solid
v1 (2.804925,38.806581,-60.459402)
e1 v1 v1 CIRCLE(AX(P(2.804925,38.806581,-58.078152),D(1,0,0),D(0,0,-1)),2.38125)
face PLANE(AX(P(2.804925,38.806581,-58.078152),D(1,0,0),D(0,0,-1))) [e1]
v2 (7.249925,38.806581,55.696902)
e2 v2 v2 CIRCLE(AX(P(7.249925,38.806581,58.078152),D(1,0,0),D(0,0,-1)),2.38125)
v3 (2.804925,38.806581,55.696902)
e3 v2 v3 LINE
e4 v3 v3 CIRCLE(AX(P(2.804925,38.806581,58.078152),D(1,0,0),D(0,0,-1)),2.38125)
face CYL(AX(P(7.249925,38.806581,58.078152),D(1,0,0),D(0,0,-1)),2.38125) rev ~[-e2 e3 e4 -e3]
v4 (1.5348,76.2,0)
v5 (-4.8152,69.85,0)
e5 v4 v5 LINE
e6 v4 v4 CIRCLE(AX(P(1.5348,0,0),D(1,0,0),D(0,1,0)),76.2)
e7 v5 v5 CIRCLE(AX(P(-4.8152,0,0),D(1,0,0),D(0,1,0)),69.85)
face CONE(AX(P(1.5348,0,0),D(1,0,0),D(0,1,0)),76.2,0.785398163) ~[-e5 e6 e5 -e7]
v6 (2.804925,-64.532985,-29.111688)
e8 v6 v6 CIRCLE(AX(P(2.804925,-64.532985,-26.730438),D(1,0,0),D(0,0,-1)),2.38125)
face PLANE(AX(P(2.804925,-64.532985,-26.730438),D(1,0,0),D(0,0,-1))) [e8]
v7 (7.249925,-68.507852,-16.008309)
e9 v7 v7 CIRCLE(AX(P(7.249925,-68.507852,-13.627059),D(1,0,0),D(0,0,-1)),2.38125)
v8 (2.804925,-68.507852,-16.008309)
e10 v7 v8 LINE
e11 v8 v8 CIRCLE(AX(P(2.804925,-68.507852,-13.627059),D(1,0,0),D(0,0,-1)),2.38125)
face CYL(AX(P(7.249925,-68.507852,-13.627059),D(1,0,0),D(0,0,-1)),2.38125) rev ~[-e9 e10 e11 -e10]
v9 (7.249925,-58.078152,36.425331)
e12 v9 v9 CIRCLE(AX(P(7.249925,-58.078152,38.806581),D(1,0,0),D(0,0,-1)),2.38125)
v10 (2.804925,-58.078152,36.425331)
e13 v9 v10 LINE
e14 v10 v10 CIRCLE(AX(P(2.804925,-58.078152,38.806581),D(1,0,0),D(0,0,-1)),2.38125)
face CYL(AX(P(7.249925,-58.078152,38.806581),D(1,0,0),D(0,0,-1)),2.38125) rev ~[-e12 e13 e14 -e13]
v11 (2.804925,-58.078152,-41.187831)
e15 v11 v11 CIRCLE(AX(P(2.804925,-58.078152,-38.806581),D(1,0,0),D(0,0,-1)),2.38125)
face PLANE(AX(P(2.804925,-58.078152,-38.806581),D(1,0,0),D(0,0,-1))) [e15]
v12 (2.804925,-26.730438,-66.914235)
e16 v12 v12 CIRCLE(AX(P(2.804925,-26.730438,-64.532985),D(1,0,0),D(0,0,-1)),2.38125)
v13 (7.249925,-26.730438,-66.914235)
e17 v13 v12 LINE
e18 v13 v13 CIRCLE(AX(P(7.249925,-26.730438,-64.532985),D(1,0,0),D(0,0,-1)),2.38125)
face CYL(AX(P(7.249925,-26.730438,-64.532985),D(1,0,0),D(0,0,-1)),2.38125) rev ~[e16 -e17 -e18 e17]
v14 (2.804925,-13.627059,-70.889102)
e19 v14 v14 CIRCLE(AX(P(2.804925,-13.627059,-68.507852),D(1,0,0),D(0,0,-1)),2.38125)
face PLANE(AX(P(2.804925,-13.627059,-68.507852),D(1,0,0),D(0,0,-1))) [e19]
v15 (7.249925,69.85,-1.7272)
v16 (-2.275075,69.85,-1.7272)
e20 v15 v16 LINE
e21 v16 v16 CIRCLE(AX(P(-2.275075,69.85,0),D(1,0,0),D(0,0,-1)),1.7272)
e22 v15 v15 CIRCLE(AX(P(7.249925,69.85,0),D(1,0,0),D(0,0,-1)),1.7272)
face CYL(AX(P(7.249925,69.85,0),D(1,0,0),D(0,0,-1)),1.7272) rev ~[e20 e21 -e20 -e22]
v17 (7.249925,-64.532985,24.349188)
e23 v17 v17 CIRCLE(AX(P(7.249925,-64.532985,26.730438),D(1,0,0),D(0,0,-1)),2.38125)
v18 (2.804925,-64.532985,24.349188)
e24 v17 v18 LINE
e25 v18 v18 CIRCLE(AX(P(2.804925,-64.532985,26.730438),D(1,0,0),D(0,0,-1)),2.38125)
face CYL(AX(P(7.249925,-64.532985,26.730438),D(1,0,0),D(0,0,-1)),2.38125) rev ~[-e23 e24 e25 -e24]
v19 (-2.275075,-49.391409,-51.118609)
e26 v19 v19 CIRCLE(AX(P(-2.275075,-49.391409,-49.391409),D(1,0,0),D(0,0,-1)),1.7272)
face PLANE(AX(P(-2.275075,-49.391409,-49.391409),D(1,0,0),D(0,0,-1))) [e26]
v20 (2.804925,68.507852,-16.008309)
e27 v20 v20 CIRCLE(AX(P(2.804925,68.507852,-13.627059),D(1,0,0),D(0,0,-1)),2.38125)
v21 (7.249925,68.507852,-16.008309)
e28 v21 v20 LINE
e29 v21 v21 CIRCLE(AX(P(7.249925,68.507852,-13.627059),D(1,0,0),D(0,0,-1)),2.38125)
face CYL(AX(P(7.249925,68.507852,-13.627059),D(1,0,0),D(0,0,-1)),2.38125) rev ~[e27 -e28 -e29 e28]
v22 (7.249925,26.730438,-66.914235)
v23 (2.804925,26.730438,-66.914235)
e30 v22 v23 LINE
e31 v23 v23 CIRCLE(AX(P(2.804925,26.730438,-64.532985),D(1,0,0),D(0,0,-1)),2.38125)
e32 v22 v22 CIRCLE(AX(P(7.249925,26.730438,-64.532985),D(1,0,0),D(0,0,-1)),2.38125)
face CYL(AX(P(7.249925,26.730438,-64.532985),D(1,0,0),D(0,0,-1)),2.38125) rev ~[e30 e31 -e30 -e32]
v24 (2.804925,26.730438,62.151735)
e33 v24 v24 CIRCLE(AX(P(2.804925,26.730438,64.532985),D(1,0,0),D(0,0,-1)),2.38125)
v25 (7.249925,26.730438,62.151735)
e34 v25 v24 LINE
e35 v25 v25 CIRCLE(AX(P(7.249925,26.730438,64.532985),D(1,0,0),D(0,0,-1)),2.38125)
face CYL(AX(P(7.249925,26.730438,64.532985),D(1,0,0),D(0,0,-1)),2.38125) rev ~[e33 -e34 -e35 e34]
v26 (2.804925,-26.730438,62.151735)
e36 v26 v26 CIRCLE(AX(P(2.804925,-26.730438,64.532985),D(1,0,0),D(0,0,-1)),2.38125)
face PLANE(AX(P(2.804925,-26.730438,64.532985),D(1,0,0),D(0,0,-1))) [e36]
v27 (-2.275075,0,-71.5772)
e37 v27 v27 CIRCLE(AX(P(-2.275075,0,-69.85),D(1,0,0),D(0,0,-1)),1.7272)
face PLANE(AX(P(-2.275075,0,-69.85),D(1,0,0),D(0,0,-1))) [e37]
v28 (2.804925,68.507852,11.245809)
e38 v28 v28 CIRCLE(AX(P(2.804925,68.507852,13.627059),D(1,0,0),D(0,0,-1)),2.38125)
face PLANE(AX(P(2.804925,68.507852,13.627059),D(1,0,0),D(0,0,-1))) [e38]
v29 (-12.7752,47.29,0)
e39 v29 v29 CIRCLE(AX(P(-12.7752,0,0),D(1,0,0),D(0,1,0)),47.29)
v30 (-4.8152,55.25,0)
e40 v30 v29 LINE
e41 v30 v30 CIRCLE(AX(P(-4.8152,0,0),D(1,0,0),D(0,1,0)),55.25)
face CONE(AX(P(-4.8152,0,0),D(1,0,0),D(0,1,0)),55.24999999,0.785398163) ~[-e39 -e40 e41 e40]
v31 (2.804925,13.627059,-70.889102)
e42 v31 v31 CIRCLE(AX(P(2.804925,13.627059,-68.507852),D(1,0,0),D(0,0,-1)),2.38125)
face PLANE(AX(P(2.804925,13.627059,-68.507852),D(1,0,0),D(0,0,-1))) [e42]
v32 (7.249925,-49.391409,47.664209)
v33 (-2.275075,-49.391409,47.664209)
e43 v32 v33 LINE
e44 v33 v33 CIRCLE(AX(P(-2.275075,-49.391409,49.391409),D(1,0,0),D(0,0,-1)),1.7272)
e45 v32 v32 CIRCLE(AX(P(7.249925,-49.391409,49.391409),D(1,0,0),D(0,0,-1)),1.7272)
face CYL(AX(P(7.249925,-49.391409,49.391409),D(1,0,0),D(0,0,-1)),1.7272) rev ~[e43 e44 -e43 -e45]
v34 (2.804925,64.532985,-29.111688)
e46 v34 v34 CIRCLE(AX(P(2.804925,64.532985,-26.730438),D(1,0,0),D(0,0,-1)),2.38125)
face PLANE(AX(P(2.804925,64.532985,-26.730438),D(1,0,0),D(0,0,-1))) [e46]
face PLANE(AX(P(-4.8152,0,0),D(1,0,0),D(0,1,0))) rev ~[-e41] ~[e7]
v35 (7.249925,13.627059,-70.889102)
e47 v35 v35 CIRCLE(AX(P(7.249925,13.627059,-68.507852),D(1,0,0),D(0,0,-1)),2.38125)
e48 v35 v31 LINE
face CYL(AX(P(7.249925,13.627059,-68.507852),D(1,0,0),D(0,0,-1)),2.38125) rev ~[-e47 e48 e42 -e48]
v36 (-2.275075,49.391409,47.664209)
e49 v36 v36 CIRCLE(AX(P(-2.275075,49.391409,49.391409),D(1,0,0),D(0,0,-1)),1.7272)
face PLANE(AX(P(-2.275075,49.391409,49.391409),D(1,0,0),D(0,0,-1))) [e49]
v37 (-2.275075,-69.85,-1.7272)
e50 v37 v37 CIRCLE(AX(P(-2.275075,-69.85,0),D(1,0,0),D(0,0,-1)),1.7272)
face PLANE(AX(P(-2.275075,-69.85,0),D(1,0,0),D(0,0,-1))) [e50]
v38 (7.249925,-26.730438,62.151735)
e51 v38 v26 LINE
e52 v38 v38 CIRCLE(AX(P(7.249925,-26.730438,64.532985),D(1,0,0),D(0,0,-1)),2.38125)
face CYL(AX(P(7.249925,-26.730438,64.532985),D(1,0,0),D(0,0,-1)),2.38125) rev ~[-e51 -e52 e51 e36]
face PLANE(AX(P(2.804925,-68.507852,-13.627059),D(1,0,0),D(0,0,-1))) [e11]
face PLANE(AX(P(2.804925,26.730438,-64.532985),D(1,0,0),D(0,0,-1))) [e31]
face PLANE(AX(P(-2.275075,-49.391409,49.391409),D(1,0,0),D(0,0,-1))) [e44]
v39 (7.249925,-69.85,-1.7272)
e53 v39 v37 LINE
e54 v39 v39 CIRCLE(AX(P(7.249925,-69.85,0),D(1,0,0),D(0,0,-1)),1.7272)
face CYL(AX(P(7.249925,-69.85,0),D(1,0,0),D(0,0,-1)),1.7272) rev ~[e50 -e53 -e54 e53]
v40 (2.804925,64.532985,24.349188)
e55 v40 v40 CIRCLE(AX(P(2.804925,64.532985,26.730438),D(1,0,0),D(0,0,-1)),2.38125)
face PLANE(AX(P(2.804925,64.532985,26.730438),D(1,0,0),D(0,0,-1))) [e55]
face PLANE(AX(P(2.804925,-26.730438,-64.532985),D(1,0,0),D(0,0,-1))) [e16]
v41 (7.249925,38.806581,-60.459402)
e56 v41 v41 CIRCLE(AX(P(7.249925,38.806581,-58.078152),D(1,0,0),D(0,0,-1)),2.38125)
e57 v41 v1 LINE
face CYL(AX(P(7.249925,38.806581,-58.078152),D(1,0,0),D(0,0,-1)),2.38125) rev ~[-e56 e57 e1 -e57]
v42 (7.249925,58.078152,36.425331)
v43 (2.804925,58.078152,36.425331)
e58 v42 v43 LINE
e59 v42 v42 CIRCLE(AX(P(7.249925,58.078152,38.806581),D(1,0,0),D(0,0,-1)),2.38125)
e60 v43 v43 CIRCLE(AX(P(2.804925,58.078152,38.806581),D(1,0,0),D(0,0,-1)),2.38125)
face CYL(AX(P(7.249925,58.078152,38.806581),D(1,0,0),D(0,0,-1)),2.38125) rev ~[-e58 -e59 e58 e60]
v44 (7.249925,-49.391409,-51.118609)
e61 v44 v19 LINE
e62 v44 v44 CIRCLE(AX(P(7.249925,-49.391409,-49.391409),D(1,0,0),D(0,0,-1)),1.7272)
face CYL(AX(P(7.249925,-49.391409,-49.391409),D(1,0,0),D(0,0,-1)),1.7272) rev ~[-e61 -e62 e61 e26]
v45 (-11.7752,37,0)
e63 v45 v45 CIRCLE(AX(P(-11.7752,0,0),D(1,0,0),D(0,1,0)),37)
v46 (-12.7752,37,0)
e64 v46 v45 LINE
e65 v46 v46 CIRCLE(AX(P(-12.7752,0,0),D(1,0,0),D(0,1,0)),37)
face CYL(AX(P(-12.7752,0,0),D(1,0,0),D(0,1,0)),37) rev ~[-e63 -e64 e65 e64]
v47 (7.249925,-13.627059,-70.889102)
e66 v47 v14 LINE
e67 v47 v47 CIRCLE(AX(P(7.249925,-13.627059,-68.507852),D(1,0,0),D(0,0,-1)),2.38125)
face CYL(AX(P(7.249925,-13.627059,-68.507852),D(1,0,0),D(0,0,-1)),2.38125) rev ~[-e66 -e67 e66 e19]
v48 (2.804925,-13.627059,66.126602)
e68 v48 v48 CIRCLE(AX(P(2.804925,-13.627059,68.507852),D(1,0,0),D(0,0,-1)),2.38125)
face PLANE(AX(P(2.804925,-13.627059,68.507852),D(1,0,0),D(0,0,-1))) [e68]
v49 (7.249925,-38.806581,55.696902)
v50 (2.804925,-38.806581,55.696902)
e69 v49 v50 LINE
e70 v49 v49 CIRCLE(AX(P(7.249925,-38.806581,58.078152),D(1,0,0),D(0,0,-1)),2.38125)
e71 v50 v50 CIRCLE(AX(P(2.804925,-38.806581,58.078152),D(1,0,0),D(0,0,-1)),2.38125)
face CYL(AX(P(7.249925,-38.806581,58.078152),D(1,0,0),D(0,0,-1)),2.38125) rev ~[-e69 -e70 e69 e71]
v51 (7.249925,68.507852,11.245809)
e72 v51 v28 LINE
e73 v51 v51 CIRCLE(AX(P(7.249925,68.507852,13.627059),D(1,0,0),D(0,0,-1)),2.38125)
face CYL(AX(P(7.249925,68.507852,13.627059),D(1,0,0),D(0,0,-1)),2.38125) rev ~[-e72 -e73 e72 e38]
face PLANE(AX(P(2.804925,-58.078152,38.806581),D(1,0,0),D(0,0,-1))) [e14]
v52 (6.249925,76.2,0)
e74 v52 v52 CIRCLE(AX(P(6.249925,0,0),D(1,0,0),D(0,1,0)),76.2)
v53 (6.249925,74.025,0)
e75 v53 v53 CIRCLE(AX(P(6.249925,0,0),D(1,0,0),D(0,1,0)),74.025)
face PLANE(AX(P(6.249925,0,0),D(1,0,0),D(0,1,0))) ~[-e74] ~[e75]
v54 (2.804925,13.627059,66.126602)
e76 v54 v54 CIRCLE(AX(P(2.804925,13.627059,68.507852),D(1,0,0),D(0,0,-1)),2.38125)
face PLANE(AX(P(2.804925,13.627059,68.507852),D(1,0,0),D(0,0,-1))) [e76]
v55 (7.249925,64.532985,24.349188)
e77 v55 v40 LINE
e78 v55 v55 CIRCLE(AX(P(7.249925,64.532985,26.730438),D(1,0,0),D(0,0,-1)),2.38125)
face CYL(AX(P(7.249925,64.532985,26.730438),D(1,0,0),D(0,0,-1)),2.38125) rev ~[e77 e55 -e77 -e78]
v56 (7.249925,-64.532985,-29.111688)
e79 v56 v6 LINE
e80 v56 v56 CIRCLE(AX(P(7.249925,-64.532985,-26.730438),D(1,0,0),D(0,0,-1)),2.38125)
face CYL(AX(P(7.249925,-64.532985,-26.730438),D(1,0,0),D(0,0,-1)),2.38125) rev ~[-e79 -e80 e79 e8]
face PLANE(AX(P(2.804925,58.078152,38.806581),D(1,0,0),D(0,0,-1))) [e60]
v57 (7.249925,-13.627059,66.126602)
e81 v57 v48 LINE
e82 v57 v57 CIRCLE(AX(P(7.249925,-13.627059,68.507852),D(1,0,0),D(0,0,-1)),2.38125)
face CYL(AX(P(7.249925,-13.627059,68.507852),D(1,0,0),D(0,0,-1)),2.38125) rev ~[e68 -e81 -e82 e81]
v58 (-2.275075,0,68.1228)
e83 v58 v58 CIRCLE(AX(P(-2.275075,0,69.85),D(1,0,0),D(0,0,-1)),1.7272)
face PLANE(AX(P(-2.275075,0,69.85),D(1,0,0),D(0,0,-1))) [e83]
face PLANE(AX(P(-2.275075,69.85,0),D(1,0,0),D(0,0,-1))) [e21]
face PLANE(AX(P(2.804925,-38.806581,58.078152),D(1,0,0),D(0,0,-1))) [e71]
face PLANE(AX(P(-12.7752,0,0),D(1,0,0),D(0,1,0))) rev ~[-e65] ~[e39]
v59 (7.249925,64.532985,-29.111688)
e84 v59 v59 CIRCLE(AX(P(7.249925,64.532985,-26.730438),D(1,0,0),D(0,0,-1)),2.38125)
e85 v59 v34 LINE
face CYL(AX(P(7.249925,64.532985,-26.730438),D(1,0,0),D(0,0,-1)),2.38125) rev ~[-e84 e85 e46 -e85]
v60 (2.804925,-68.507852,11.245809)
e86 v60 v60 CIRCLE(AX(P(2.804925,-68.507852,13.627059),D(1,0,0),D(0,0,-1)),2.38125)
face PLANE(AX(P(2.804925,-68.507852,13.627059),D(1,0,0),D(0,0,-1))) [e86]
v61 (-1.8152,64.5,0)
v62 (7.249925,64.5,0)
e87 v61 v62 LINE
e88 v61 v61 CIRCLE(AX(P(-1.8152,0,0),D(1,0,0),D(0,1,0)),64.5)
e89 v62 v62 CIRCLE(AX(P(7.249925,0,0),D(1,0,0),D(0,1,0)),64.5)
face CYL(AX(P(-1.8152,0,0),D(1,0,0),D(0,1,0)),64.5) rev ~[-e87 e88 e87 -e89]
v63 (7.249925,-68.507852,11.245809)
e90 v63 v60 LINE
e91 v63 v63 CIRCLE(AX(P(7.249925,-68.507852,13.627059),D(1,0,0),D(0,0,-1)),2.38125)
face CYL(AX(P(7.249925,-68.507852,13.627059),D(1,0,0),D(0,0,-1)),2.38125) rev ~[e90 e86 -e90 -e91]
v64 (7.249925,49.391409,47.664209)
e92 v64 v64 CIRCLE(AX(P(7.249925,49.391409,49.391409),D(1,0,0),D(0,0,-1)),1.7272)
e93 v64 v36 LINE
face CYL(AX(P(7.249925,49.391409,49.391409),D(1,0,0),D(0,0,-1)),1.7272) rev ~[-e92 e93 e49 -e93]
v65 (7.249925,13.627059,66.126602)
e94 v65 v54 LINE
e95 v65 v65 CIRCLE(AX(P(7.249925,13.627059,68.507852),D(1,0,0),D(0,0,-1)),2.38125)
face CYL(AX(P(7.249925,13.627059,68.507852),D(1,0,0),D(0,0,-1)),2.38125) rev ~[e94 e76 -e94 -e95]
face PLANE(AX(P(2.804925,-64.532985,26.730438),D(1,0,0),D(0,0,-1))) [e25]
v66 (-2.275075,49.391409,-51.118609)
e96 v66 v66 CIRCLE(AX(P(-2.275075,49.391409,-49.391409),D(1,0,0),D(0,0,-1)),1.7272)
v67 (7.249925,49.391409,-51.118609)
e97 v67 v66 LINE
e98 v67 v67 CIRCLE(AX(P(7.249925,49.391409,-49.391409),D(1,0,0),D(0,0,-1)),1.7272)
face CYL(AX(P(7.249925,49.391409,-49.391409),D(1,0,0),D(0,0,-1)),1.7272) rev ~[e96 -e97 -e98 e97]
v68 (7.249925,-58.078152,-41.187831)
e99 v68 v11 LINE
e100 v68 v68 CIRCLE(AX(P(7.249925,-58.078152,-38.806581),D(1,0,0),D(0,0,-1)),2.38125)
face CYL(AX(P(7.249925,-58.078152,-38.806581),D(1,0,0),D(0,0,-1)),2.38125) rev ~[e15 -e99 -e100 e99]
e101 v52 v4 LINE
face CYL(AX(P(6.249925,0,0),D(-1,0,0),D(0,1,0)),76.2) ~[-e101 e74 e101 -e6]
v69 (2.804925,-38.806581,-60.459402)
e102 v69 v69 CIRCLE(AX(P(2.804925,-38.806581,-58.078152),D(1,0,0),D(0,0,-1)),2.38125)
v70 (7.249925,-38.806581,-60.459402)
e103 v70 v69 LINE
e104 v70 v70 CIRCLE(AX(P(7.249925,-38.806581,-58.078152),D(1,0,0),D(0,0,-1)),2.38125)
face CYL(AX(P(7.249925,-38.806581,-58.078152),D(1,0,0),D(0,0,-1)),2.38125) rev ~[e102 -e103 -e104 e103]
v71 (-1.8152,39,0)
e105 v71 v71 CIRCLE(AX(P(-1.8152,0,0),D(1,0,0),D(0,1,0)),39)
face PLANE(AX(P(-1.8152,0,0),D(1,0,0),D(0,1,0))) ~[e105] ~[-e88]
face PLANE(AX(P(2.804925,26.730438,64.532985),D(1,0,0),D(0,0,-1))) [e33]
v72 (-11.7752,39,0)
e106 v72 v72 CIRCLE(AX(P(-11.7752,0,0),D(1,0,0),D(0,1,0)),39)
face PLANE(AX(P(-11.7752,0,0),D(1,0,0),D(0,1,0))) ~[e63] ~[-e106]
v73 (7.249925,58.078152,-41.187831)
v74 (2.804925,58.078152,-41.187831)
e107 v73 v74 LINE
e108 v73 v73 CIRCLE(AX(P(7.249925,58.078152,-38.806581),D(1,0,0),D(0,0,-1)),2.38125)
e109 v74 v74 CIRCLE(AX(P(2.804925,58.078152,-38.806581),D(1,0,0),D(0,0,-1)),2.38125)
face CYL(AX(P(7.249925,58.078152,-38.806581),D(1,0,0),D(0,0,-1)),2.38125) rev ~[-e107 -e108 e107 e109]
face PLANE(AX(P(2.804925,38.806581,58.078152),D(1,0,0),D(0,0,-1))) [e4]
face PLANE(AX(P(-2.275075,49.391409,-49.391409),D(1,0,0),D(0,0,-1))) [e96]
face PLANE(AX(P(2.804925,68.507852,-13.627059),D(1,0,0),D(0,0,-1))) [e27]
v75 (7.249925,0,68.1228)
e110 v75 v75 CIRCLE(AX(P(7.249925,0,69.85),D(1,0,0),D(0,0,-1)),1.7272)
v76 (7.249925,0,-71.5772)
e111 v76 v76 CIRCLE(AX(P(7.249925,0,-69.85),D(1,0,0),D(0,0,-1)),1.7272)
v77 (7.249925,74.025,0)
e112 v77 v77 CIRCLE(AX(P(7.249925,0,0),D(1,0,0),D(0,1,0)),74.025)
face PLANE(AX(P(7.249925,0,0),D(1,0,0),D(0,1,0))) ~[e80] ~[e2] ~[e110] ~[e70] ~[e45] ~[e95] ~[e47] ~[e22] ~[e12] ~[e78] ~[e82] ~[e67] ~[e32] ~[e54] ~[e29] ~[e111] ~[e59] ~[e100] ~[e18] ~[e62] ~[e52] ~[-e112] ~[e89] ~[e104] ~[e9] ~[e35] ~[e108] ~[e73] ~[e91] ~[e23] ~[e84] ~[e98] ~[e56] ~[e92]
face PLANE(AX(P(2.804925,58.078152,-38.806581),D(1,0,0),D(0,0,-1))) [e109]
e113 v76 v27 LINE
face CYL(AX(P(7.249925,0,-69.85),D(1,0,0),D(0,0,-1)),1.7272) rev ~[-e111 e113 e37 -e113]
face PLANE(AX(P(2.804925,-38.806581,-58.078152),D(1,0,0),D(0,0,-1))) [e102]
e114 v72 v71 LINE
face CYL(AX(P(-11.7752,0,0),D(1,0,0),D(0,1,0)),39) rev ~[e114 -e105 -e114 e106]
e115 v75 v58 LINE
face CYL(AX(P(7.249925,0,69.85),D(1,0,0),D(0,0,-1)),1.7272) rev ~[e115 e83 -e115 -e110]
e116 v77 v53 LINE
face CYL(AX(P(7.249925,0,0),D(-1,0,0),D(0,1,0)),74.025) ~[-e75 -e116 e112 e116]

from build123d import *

# Parameters (mm, degrees)
SKETCH5_R          = 2.38125
CUT_EXTRUDE1_DEPTH = 4.445
SKETCH6_R          = 1.7272
CUT_EXTRUDE2_DEPTH = 9.525


with BuildPart() as part:
    # Sketch4 → Revolve1 (revolve)
    with BuildSketch(Plane.XY):
        Polygon((7.249924984, 74.025000032), (6.249924952, 74.025000032), (6.249924952, 76.2), (1.53480008, 76.2), (-4.81519992, 69.85), (-4.81519992, 55.24999999), (-12.775199748, 47.290000162), (-12.775199748, 36.999999914), (-11.775199716, 36.999999914), (-11.775199716, 38.999999978), (-1.815199824, 38.999999978), (-1.815199824, 64.500000032), (7.249924984, 64.500000032), align=None)
    revolve(axis=Axis((0, 0, 0), (1, 0, 0)))

    # Sketch5 → Cut-Extrude1 (cut)
    with BuildSketch(Plane(origin=(7.249924984, 0, 0), x_dir=(0, 0, -1), z_dir=(1, 0, 0))):
        with Locations((13.627058993, 68.507851836)):
            Circle(SKETCH5_R)
        with Locations((26.730437751, 64.532985346)):
            Circle(SKETCH5_R)
        with Locations((38.806580776, 58.078152419)):
            Circle(SKETCH5_R)
        with Locations((58.078152419, 38.806580776)):
            Circle(SKETCH5_R)
        with Locations((64.532985346, 26.730437751)):
            Circle(SKETCH5_R)
        with Locations((68.507851836, 13.627058993)):
            Circle(SKETCH5_R)
        with Locations((68.507851836, -13.627058993)):
            Circle(SKETCH5_R)
        with Locations((64.532985346, -26.730437751)):
            Circle(SKETCH5_R)
        with Locations((58.078152419, -38.806580776)):
            Circle(SKETCH5_R)
        with Locations((38.806580776, -58.078152419)):
            Circle(SKETCH5_R)
        with Locations((26.730437751, -64.532985346)):
            Circle(SKETCH5_R)
        with Locations((13.627058993, -68.507851836)):
            Circle(SKETCH5_R)
        with Locations((-13.627058993, -68.507851836)):
            Circle(SKETCH5_R)
        with Locations((-26.730437751, -64.532985346)):
            Circle(SKETCH5_R)
        with Locations((-38.806580776, -58.078152419)):
            Circle(SKETCH5_R)
        with Locations((-58.078152419, -38.806580776)):
            Circle(SKETCH5_R)
        with Locations((-64.532985346, -26.730437751)):
            Circle(SKETCH5_R)
        with Locations((-68.507851836, -13.627058993)):
            Circle(SKETCH5_R)
        with Locations((-68.507851836, 13.627058993)):
            Circle(SKETCH5_R)
        with Locations((-64.532985346, 26.730437751)):
            Circle(SKETCH5_R)
        with Locations((-58.078152419, 38.806580776)):
            Circle(SKETCH5_R)
        with Locations((-38.806580776, 58.078152419)):
            Circle(SKETCH5_R)
        with Locations((-26.730437751, 64.532985346)):
            Circle(SKETCH5_R)
        with Locations((-13.627058993, 68.507851836)):
            Circle(SKETCH5_R)
    extrude(amount=-CUT_EXTRUDE1_DEPTH, mode=Mode.SUBTRACT)

    # Sketch6 → Cut-Extrude2 (cut)
    with BuildSketch(Plane(origin=(7.249924984, 0, 0), x_dir=(0, 0, -1), z_dir=(1, 0, 0))):
        with Locations((0, 69.85)):
            Circle(SKETCH6_R)
        with Locations((-49.391408666, 49.391408666)):
            Circle(SKETCH6_R)
        with Locations((-69.85, 0)):
            Circle(SKETCH6_R)
        with Locations((-49.391408666, -49.391408666)):
            Circle(SKETCH6_R)
        with Locations((0, -69.85)):
            Circle(SKETCH6_R)
        with Locations((49.391408666, -49.391408666)):
            Circle(SKETCH6_R)
        with Locations((69.85, 0)):
            Circle(SKETCH6_R)
        with Locations((49.391408666, 49.391408666)):
            Circle(SKETCH6_R)
    extrude(amount=-CUT_EXTRUDE2_DEPTH, mode=Mode.SUBTRACT)


solid = part.part
